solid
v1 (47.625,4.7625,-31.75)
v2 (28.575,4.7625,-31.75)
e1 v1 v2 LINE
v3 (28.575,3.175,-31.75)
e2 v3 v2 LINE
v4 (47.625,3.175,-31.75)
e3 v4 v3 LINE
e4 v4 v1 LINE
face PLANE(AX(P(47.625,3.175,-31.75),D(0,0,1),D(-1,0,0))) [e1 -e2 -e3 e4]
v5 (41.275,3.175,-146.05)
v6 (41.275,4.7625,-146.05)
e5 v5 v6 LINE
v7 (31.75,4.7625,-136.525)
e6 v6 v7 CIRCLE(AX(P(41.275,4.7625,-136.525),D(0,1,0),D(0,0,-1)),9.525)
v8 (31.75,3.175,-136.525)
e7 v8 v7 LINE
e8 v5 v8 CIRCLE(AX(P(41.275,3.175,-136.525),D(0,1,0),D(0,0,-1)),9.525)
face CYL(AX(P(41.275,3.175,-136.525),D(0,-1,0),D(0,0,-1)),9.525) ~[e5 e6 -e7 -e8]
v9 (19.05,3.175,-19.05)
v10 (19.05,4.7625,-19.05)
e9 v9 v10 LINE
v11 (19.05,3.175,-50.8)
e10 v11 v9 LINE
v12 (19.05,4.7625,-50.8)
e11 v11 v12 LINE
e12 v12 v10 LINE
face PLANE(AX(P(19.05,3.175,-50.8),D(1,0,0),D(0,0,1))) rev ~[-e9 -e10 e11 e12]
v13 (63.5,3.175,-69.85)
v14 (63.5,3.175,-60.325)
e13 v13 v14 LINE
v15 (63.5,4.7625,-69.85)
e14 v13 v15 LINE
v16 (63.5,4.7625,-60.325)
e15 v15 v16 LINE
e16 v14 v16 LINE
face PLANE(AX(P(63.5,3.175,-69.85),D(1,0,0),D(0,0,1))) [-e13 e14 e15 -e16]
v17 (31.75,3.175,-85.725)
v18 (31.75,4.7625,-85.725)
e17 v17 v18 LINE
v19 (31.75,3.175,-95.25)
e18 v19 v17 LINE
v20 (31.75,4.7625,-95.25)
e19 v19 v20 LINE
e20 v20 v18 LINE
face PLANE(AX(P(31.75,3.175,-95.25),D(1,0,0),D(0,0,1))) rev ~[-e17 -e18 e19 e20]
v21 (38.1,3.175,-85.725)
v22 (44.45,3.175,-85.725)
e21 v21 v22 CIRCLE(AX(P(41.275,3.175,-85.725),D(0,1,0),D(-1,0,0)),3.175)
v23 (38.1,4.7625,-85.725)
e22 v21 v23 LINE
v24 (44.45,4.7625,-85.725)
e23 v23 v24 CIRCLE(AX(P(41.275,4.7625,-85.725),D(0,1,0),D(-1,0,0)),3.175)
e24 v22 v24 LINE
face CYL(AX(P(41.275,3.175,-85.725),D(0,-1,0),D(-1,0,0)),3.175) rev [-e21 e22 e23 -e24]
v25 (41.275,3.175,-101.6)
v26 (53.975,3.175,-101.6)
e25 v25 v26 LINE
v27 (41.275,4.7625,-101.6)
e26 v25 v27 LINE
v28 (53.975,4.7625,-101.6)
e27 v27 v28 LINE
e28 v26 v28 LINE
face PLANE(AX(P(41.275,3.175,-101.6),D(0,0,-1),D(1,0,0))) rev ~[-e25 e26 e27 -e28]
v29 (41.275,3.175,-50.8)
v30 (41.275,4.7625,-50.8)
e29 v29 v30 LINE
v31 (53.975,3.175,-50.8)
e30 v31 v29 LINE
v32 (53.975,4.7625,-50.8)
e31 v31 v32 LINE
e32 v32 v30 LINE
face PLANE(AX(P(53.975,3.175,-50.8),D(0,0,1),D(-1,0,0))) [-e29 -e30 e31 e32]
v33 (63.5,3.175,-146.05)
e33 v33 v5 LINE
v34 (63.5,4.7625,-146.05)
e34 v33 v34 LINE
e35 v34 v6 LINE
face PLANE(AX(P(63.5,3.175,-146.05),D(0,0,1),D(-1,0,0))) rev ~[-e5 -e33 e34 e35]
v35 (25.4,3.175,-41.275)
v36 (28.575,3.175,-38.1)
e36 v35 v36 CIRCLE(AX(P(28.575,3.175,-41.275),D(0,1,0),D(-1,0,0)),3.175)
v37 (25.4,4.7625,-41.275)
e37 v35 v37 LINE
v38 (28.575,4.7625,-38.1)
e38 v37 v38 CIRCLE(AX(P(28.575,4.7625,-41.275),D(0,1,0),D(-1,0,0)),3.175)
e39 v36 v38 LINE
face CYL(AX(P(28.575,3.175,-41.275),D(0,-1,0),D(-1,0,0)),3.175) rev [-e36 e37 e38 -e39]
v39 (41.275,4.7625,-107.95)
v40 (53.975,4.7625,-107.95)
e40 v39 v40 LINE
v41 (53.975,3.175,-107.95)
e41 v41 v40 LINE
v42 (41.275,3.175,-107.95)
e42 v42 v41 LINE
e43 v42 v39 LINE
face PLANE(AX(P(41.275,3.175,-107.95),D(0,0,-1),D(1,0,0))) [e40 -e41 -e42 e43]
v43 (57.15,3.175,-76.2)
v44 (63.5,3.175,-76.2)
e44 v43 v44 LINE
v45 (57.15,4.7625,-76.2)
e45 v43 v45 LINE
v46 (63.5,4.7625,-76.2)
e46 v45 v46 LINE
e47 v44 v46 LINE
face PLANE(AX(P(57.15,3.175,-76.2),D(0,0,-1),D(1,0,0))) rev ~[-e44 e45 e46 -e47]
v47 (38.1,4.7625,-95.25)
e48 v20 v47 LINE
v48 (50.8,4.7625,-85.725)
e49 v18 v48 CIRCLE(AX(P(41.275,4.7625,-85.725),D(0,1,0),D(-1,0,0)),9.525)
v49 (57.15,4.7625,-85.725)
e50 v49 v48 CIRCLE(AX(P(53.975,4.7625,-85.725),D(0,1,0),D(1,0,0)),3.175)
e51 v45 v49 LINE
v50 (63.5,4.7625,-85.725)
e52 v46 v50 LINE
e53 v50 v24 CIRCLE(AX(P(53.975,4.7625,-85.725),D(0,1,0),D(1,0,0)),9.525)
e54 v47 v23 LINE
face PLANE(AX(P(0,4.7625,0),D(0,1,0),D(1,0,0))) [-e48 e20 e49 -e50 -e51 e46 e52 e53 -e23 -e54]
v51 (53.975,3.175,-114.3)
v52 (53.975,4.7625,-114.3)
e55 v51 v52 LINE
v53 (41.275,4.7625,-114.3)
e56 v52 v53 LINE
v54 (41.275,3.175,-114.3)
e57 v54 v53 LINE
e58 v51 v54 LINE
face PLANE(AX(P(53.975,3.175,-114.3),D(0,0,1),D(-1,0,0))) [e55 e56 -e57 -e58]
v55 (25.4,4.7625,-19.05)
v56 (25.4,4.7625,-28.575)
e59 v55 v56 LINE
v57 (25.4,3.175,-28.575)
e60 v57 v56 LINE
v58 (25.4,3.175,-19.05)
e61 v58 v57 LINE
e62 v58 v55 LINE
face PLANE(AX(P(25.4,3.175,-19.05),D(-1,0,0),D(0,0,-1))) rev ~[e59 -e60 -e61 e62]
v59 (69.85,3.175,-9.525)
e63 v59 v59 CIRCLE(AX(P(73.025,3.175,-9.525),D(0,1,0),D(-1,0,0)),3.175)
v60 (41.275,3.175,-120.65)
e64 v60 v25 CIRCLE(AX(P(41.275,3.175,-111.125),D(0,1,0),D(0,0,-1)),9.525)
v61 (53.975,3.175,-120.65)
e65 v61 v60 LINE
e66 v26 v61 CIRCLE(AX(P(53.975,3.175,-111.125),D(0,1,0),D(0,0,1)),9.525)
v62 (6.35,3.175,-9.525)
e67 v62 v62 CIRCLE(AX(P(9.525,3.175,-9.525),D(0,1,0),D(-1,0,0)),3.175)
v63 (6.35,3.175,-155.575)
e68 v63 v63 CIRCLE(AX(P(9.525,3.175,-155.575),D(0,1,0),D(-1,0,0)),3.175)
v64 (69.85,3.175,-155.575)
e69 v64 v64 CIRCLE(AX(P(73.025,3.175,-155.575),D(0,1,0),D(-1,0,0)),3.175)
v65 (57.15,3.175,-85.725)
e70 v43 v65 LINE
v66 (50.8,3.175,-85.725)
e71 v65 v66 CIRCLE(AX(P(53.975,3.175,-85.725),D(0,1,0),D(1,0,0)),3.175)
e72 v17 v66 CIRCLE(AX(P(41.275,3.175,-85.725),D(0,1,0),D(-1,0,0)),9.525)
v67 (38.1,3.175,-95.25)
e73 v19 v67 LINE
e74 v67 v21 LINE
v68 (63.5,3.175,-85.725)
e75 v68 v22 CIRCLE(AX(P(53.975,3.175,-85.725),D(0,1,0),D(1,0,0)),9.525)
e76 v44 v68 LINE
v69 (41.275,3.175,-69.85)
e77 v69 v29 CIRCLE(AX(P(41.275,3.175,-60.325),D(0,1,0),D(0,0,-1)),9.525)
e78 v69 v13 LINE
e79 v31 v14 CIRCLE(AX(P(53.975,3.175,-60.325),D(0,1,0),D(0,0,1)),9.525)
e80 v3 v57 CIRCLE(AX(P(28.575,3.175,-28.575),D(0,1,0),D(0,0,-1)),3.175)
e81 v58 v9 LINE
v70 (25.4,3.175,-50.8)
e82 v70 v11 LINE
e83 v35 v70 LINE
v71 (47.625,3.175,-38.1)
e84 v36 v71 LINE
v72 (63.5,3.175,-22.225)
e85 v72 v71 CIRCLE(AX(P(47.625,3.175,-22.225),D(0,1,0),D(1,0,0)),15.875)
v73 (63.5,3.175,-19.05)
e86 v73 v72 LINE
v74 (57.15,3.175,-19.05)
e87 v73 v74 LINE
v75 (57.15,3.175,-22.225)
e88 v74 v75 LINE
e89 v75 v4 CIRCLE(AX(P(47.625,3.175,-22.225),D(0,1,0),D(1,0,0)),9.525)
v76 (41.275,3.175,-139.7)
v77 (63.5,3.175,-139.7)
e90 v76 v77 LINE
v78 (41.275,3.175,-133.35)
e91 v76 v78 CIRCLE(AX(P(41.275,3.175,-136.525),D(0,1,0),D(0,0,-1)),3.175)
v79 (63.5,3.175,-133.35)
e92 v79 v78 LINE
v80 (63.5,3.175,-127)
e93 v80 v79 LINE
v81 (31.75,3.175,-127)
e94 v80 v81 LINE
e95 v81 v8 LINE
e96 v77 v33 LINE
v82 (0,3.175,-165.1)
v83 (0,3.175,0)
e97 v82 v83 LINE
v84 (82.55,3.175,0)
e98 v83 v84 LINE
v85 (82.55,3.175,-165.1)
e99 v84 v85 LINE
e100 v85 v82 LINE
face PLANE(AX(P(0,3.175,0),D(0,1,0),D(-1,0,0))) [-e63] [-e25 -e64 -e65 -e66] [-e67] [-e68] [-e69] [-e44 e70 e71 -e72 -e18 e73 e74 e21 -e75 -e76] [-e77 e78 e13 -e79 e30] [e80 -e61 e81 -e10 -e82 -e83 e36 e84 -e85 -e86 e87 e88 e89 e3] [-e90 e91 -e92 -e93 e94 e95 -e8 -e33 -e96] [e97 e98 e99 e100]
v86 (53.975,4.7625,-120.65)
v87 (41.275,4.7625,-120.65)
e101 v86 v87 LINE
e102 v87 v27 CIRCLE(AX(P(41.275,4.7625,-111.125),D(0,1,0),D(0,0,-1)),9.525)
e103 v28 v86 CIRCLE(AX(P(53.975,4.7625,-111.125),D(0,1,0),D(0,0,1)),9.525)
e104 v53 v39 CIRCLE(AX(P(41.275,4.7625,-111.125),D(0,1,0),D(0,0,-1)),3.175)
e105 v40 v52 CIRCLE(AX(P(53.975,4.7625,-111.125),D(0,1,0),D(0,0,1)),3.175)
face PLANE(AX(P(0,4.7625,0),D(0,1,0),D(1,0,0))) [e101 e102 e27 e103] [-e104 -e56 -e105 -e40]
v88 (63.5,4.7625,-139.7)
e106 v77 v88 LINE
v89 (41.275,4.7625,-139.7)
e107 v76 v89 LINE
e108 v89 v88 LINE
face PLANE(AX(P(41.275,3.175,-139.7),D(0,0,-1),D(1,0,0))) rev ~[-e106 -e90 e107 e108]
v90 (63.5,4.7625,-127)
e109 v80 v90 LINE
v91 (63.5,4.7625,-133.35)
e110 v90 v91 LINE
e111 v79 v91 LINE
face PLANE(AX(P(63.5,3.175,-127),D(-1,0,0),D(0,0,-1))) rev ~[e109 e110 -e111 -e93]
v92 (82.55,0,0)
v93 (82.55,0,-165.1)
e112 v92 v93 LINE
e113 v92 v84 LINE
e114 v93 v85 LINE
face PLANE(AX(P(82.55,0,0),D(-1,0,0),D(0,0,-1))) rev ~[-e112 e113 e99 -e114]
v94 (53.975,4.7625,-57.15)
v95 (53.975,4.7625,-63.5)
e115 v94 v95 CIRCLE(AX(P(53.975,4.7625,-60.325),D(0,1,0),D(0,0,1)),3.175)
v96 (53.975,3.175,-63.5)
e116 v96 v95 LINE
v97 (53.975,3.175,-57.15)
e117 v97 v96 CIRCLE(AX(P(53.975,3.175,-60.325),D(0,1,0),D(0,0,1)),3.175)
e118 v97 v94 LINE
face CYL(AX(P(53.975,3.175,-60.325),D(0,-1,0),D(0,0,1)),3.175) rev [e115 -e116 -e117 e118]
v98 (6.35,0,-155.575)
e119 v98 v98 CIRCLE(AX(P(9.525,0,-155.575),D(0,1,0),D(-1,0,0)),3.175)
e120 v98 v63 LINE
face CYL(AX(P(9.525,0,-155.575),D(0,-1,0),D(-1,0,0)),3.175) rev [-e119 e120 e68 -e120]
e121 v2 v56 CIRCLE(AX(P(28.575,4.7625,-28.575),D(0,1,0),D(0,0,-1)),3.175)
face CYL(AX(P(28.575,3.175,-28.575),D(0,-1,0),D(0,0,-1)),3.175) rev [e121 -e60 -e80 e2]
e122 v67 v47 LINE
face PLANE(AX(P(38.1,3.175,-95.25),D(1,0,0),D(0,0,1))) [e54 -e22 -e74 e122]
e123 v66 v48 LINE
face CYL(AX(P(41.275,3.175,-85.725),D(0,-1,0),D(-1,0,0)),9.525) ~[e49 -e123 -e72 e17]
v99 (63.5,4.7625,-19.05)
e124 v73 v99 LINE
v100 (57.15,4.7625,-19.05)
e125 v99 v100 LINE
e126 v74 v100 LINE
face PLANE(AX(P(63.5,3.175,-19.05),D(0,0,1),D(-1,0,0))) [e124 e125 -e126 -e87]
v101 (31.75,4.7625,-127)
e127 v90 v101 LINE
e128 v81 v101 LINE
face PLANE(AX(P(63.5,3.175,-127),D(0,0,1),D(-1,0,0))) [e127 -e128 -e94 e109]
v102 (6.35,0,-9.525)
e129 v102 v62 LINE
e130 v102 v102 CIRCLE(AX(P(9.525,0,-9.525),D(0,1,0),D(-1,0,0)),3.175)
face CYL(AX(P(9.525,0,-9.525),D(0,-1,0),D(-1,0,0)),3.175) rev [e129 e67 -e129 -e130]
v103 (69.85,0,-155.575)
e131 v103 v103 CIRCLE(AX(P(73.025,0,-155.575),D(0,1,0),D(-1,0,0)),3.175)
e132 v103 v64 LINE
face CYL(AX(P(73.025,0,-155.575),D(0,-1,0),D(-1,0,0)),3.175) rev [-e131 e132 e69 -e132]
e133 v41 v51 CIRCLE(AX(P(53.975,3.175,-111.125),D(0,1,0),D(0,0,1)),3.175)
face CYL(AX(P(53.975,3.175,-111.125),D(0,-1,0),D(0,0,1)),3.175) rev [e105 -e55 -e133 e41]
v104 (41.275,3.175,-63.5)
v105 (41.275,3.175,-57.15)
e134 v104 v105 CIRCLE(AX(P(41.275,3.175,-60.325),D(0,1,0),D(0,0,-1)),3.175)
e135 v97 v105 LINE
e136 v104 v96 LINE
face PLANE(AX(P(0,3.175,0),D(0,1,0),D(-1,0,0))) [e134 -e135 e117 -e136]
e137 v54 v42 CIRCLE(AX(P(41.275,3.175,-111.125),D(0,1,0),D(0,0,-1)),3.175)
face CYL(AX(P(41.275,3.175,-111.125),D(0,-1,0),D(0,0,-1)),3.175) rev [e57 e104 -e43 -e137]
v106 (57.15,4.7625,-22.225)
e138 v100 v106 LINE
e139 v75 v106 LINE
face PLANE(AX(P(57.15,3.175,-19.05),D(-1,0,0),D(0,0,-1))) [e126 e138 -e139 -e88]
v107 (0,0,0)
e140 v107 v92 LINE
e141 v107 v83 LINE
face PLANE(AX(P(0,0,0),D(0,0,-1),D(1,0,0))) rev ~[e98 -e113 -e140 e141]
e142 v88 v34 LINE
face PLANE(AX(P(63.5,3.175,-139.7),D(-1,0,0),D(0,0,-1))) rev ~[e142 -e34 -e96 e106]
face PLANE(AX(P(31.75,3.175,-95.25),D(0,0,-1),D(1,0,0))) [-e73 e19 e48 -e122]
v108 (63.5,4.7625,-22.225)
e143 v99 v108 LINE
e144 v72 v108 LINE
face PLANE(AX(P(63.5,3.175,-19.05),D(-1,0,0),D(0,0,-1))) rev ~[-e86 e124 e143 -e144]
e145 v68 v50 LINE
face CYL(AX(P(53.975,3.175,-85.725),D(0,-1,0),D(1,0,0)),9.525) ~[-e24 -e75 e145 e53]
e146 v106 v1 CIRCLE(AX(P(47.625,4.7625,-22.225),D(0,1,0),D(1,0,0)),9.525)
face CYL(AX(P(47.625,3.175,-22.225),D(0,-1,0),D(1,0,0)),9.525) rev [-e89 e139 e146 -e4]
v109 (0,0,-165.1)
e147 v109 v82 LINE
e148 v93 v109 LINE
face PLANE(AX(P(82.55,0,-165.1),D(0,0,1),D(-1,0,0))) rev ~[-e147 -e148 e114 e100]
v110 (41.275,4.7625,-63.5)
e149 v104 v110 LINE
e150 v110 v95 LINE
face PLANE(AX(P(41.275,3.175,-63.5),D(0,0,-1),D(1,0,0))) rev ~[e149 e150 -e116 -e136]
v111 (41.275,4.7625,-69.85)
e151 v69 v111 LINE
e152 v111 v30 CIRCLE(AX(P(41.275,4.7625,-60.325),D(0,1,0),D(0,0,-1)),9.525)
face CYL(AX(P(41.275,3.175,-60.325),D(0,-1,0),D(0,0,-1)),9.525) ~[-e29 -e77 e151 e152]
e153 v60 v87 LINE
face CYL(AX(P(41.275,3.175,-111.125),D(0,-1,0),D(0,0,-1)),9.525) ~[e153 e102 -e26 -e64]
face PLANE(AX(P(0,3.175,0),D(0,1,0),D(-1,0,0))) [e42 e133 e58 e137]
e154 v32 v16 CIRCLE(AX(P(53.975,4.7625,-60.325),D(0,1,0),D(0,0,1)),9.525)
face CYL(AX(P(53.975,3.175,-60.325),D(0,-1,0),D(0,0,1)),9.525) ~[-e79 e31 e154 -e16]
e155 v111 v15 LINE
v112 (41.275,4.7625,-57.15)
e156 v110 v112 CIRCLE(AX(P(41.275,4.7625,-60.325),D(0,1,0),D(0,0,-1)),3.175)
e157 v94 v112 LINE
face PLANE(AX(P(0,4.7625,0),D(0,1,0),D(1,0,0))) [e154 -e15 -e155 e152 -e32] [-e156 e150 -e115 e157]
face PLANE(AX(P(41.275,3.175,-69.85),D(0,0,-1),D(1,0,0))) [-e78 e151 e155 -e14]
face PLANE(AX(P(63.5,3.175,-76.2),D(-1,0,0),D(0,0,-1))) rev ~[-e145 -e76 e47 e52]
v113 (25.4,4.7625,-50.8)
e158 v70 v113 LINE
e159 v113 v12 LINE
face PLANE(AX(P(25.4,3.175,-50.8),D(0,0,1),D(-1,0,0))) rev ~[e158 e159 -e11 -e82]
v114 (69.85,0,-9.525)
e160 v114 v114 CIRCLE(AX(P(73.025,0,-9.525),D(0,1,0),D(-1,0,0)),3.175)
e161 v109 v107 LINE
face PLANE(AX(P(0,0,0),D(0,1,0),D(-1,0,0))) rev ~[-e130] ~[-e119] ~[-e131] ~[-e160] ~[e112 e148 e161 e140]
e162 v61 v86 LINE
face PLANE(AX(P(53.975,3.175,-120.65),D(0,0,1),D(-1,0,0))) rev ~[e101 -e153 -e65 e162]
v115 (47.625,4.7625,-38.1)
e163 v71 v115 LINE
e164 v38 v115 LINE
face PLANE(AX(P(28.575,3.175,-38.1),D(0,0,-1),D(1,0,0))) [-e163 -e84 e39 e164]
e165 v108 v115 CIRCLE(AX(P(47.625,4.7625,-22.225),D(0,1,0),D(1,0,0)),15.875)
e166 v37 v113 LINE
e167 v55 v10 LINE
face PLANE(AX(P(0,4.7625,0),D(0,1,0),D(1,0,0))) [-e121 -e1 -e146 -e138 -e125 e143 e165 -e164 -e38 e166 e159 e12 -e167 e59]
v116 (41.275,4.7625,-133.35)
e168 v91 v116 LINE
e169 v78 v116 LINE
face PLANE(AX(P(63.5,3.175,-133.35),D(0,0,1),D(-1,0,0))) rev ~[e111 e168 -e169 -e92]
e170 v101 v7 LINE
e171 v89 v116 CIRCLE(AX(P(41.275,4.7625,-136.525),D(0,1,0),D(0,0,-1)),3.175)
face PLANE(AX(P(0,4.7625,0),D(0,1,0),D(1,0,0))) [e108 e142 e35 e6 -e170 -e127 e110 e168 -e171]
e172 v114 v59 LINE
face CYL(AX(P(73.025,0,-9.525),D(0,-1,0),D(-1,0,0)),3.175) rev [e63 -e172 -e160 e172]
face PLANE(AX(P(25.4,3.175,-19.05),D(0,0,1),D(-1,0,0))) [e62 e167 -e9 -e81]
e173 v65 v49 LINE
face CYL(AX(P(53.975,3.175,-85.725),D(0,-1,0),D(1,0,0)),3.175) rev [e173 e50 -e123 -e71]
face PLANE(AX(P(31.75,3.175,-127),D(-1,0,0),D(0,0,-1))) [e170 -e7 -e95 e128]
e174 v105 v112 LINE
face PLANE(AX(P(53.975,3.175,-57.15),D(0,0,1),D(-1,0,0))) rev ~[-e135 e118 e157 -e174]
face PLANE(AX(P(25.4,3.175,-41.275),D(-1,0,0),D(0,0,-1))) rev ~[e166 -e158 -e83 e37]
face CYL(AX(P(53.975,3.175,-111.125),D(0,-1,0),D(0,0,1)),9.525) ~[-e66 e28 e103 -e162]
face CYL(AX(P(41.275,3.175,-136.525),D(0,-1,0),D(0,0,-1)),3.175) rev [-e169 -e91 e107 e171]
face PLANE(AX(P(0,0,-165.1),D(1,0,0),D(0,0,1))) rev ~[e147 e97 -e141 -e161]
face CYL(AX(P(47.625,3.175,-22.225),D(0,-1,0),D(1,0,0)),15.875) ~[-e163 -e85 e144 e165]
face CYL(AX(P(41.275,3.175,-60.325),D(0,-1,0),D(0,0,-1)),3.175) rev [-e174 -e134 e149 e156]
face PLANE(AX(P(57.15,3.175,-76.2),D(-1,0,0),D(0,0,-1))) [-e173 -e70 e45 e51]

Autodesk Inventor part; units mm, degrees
ref_plane "YZ Plane" through (0, 0, 0) normal (1, 0, 0) x (0, 1, 0)
ref_plane "XZ Plane" through (0, 0, 0) normal (0, 1, 0) x (-1, 0, 0)
ref_plane "XY Plane" through (0, 0, 0) normal (0, 0, 1) x (1, 0, 0)
sketch "Sketch1" plane through (0, 0, 0) normal (0, 1, 0) x (-1, 0, 0)
  line L0 (-82.55, -165.1) -> (0, -165.1)
  line L1 (0, -165.1) -> (0, 0)
  line L2 (0, 0) -> (-82.55, 0)
  line L3 (-82.55, 0) -> (-82.55, -165.1)
  circle A0 centre (-73.025, -155.575) radius 3.175
  circle A1 centre (-73.025, -155.575) radius 3.175
  circle A2 centre (-9.525, -155.575) radius 3.175
  circle A3 centre (-9.525, -155.575) radius 3.175
  circle A4 centre (-73.025, -9.525) radius 3.175
  circle A5 centre (-73.025, -9.525) radius 3.175
  circle A6 centre (-9.525, -9.525) radius 3.175
  circle A7 centre (-9.525, -9.525) radius 3.175
extrude "Extrusion1" add sketch "Sketch1" along normal blind 3.175
sketch "Sketch2" plane through (0, 3.175, 0) normal (0, 1, 0) x (1, 0, 0)
  line L0 (63.5, 19.05) -> (57.15, 19.05)
  line L1 (57.15, 19.05) -> (57.15, 22.225)
  line L2 (63.5, 19.05) -> (63.5, 22.225)
  arc A0 (57.15, 22.225) -> (47.625, 31.75) centre (47.625, 22.225) ccw
  arc A1 (63.5, 22.225) -> (47.625, 38.1) centre (47.625, 22.225) ccw
  line L3 (47.625, 31.75) -> (28.575, 31.75)
  line L4 (28.575, 38.1) -> (47.625, 38.1)
  arc A2 (28.575, 31.75) -> (25.4, 28.575) centre (28.575, 28.575) ccw
  arc A3 (25.4, 41.275) -> (28.575, 38.1) centre (28.575, 41.275) ccw
  line L5 (25.4, 19.05) -> (25.4, 28.575)
  line L6 (25.4, 19.05) -> (19.05, 19.05)
  line L7 (25.4, 41.275) -> (25.4, 50.8)
  line L8 (25.4, 50.8) -> (19.05, 50.8)
  line L9 (19.05, 50.8) -> (19.05, 19.05)
  point P0 (0, 0)
sketch "Sketch3" plane through (0, 3.175, 0) normal (0, 1, 0) x (1, 0, 0)
  point P0 (0, 0)
extrude "Extrusion2" add sketch "Sketch2" along normal blind 1.5875
sketch "Sketch4" plane through (0, 3.175, 0) normal (0, 1, 0) x (1, 0, 0)
  arc A0 (53.975, 57.15) -> (53.975, 63.5) centre (53.975, 60.325) ccw
  line L0 (53.975, 57.15) -> (41.275, 57.15)
  arc A1 (41.275, 63.5) -> (41.275, 57.15) centre (41.275, 60.325) ccw
  line L1 (41.275, 63.5) -> (53.975, 63.5)
  arc A2 (53.975, 50.8) -> (63.5, 60.325) centre (53.975, 60.325) ccw
  line L2 (53.975, 50.8) -> (41.275, 50.8)
  arc A3 (41.275, 69.85) -> (41.275, 50.8) centre (41.275, 60.325) ccw
  line L3 (41.275, 69.85) -> (63.5, 69.85)
  line L4 (63.5, 69.85) -> (63.5, 60.325)
  line L5 (57.15, 76.2) -> (63.5, 76.2)
  line L6 (63.5, 76.2) -> (63.5, 85.725)
  line L7 (57.15, 76.2) -> (57.15, 85.725)
  arc A4 (57.15, 85.725) -> (50.8, 85.725) centre (53.975, 85.725) ccw
  arc A5 (63.5, 85.725) -> (44.45, 85.725) centre (53.975, 85.725) ccw
  arc A6 (38.1, 85.725) -> (44.45, 85.725) centre (41.275, 85.725) ccw
  line L8 (31.75, 95.25) -> (38.1, 95.25)
  line L9 (38.1, 95.25) -> (38.1, 85.725)
  line L10 (41.275, 107.95) -> (53.975, 107.95)
  arc A7 (41.275, 114.3) -> (41.275, 107.95) centre (41.275, 111.125) ccw
  arc A8 (53.975, 107.95) -> (53.975, 114.3) centre (53.975, 111.125) ccw
  line L11 (53.975, 114.3) -> (41.275, 114.3)
  arc A9 (41.275, 120.65) -> (41.275, 101.6) centre (41.275, 111.125) ccw
  line L12 (41.275, 101.6) -> (53.975, 101.6)
  arc A10 (53.975, 101.6) -> (53.975, 120.65) centre (53.975, 111.125) ccw
  line L13 (53.975, 120.65) -> (41.275, 120.65)
  line L14 (63.5, 127) -> (63.5, 133.35)
  line L15 (63.5, 133.35) -> (41.275, 133.35)
  arc A11 (41.275, 139.7) -> (41.275, 133.35) centre (41.275, 136.525) ccw
  line L16 (41.275, 139.7) -> (63.5, 139.7)
  line L17 (63.5, 139.7) -> (63.5, 146.05)
  line L18 (63.5, 146.05) -> (41.275, 146.05)
  arc A12 (41.275, 146.05) -> (31.75, 136.525) centre (41.275, 136.525) ccw
  line L19 (63.5, 127) -> (31.75, 127)
  line L20 (31.75, 127) -> (31.75, 136.525)
  line L21 (57.15, 19.05) -> (57.15, 22.225) projected
  arc A13 (57.15, 22.225) -> (47.625, 31.75) centre (47.625, 22.225) ccw projected
  line L22 (47.625, 31.75) -> (28.575, 31.75) projected
  arc A14 (28.575, 31.75) -> (25.4, 28.575) centre (28.575, 28.575) ccw projected
  line L23 (25.4, 28.575) -> (25.4, 19.05) projected
  line L24 (25.4, 19.05) -> (19.05, 19.05) projected
  line L25 (19.05, 19.05) -> (19.05, 50.8) projected
  line L26 (19.05, 50.8) -> (25.4, 50.8) projected
  line L27 (25.4, 50.8) -> (25.4, 41.275) projected
  arc A15 (25.4, 41.275) -> (28.575, 38.1) centre (28.575, 41.275) ccw projected
  line L28 (28.575, 38.1) -> (47.625, 38.1) projected
  arc A16 (63.5, 22.225) -> (47.625, 38.1) centre (47.625, 22.225) ccw projected
  line L29 (63.5, 22.225) -> (63.5, 19.05) projected
  line L30 (63.5, 19.05) -> (57.15, 19.05) projected
  circle A17 centre (9.525, 9.525) radius 3.175 projected
  circle A18 centre (73.025, 9.525) radius 3.175 projected
  circle A19 centre (9.525, 155.575) radius 3.175 projected
  circle A20 centre (73.025, 155.575) radius 3.175 projected
  line L31 (82.55, 165.1) -> (0, 165.1) projected
  line L32 (0, 165.1) -> (0, 0) projected
  line L33 (0, 0) -> (82.55, 0) projected
  line L34 (82.55, 0) -> (82.55, 165.1) projected
  line L35 (31.75, 95.25) -> (31.75, 85.725)
  arc A21 (31.75, 85.725) -> (50.8, 85.725) centre (41.275, 85.725) ccw
extrude "Extrusion3" add sketch "Sketch4" along normal blind 1.5875 contours L2 A3 L3 L4 A2 | L7 A4 A21 L35 L8 L9 A6 A5 L6 L5 | L13 A10 L12 A9 | L19 L20 A12 L18 L17 L16 A11 L15 L14
properties part number "JASON"
